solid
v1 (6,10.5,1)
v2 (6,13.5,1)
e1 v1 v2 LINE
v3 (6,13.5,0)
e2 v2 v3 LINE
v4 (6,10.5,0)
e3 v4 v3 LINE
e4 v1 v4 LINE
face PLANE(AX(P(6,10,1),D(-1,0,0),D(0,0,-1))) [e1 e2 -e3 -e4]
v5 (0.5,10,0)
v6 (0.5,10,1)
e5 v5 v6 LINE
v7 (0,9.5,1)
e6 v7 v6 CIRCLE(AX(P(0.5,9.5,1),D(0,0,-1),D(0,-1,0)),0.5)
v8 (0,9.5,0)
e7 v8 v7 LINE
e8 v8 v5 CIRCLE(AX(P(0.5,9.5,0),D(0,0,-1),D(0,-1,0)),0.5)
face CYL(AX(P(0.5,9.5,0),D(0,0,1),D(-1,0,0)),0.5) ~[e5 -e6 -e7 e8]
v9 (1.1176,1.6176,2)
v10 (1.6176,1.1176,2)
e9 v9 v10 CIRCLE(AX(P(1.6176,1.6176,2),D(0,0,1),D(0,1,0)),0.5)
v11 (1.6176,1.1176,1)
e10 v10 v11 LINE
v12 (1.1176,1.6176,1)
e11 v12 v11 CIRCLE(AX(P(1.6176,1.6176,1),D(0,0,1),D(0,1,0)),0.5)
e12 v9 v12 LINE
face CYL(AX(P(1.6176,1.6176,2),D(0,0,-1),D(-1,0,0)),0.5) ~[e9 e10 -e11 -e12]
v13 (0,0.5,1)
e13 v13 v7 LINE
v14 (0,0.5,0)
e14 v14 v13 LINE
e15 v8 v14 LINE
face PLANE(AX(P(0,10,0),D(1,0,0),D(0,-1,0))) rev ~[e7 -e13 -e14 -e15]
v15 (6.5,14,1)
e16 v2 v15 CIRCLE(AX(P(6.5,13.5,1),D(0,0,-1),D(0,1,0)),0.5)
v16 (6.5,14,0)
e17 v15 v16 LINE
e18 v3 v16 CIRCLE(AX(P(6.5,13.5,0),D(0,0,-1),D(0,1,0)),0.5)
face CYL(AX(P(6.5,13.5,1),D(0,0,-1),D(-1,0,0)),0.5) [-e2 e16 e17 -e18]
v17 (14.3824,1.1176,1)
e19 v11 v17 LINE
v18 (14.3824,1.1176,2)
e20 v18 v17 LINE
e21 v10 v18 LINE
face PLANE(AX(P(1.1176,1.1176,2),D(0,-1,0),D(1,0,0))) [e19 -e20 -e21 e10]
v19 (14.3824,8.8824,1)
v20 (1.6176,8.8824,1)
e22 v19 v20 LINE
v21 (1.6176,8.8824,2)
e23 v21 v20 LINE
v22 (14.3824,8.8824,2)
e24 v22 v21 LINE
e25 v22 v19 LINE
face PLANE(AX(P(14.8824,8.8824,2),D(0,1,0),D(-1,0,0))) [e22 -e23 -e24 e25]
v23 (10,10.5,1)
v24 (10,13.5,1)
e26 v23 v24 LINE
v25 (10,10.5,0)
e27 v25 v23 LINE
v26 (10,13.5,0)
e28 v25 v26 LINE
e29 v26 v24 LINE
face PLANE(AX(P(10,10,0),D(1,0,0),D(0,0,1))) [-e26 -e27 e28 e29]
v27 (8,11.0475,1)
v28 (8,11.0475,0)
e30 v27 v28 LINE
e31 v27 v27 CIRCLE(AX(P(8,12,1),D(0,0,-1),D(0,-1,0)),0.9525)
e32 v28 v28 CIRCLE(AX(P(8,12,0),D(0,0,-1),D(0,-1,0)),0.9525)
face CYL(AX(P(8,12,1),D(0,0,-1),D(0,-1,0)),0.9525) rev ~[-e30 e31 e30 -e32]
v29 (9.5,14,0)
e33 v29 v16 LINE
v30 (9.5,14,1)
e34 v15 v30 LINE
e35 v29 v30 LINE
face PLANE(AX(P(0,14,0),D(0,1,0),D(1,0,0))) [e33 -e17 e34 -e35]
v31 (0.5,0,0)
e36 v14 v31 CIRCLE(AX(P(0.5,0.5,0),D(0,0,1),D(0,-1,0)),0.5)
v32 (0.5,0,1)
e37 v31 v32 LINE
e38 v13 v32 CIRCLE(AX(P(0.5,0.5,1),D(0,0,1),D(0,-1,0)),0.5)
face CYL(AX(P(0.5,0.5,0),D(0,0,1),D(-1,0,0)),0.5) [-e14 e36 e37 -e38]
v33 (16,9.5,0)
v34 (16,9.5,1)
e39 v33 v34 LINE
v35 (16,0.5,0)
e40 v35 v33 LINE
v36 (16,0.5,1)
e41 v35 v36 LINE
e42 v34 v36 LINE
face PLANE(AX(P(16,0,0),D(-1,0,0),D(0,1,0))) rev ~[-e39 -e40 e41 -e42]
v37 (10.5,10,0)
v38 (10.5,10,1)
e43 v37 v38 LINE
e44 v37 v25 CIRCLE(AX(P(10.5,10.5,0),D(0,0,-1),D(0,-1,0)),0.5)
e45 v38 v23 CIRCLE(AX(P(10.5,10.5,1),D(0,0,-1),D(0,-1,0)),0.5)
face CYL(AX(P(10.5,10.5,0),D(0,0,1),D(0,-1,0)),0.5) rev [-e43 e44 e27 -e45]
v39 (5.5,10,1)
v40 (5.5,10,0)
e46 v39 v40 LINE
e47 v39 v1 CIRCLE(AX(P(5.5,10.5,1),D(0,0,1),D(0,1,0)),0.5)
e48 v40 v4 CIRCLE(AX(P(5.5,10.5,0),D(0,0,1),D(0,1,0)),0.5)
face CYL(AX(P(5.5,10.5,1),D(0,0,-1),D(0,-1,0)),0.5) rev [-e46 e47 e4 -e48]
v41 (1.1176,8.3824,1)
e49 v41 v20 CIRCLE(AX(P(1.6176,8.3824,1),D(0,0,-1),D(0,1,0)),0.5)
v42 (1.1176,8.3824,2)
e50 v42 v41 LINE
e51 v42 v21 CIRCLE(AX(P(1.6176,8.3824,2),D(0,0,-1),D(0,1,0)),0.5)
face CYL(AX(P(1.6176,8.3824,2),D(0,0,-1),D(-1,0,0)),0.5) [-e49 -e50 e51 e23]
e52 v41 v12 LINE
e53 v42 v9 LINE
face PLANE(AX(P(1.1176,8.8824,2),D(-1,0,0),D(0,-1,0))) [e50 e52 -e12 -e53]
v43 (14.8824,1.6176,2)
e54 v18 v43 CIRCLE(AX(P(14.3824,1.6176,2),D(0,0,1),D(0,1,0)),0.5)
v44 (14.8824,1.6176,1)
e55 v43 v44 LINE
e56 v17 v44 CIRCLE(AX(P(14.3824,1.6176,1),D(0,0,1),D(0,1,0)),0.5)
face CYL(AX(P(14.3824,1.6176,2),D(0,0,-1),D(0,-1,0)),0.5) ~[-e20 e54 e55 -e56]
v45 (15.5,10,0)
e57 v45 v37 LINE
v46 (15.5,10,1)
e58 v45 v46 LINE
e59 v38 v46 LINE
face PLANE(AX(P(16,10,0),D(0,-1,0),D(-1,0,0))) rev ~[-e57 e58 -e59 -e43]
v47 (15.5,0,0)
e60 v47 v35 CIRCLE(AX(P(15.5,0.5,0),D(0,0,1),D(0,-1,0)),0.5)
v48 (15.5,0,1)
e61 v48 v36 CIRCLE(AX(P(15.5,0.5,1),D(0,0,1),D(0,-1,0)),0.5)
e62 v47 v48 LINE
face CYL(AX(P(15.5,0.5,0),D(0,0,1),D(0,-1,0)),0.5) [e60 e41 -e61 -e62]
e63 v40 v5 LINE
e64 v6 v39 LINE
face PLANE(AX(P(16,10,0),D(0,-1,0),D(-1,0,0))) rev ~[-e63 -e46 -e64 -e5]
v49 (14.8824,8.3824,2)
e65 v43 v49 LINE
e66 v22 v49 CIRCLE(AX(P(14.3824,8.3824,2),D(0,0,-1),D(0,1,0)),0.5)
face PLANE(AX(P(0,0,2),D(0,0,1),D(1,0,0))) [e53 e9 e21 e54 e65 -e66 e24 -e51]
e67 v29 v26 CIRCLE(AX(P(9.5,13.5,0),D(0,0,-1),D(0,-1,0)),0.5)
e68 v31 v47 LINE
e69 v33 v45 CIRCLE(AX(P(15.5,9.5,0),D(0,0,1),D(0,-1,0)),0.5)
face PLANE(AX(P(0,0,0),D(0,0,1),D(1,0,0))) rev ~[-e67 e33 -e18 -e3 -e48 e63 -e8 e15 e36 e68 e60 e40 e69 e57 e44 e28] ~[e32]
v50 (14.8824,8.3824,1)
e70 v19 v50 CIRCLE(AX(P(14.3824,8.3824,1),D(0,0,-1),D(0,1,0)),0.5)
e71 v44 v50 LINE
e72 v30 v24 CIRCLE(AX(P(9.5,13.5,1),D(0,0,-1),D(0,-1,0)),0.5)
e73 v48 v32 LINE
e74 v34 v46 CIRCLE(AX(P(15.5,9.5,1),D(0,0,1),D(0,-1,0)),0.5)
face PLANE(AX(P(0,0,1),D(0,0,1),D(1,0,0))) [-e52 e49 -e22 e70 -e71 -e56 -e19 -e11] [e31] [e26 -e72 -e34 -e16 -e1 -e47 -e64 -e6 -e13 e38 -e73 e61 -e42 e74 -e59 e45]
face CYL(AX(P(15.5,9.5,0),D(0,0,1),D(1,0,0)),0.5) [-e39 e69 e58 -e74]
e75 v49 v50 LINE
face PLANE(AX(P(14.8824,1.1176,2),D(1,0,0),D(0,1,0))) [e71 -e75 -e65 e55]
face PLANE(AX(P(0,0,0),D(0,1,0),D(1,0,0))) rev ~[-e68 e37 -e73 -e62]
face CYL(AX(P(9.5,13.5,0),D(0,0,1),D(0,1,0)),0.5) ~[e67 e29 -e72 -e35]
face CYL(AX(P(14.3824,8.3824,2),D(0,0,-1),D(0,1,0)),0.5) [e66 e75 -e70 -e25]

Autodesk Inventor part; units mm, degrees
ref_plane "YZ Plane" through (0, 0, 0) normal (1, 0, 0) x (0, 1, 0)
ref_plane "XZ Plane" through (0, 0, 0) normal (0, 1, 0) x (-1, 0, 0)
ref_plane "XY Plane" through (0, 0, 0) normal (0, 0, 1) x (1, 0, 0)
sketch "Sketch1" plane through (0, 0, 0) normal (0, 0, 1) x (1, 0, 0)
  line L0 (0, 0) -> (16, 0)
  line L1 (16, 0) -> (16, 10)
  line L2 (16, 10) -> (0, 10)
  line L3 (0, 10) -> (0, 0)
  dimension "d0" = 16
  dimension "d1" = 10
extrude "Extrusion1" add sketch "Sketch1" along normal blind 2
sketch "Sketch2" plane through (0, 0, 2) normal (0, 0, 1) x (1, 0, 0)
  line L0 (0, 0) -> (0, 10) projected
  line L1 (16, 0) -> (0, 0) projected
  line L2 (16, 10) -> (16, 0) projected
  line L3 (0, 10) -> (16, 10) projected
  line L4 (1.1176, 8.8824) -> (1.1176, 1.1176)
  line L5 (1.1176, 1.1176) -> (14.8824, 1.1176)
  line L6 (14.8824, 1.1176) -> (14.8824, 8.8824)
  line L7 (14.8824, 8.8824) -> (1.1176, 8.8824)
  dimension "d4" = 1.1176
extrude "Extrusion2" cut sketch "Sketch2" against normal blind 1
sketch "Sketch3" plane through (0, 10, 0) normal (0, 1, 0) x (1, 0, 0)
  line L0 (0, -1) -> (16, -1) projected
  line L1 (16, 0) -> (0, 0) projected
  line L2 (0, 0) -> (0, -1) projected
  line L3 (6, 0) -> (10, 0)
  line L4 (10, 0) -> (10, -1)
  line L5 (10, -1) -> (6, -1)
  line L6 (6, -1) -> (6, 0)
  dimension "d7" = 4
  dimension "d8" = 6
extrude "Extrusion3" add sketch "Sketch3" along normal blind 4 contours L6 L1 L4 L0
sketch "Sketch4" plane through (0, 0, 1) normal (0, 0, 1) x (1, 0, 0)
  point P0 (8, 12)
hole "Hole1" at (8, 12, 1) direction (0, 0, -1) diameter 1.905 end through all
fillet "Fillet1" radius 0.5 12 edges at (1.1176, 1.1176, 1.5) (0, 0, 0.5) (1.1176, 8.8824, 1.5) (0, 10, 0.5) (14.8824, 1.1176, 1.5) (16, 0, 0.5) (14.8824, 8.8824, 1.5) (16, 10, 0.5) (10, 10, 0.5) (6, 10, 0.5) (6, 14, 0.5) (10, 14, 0.5)
properties part number "lid"
